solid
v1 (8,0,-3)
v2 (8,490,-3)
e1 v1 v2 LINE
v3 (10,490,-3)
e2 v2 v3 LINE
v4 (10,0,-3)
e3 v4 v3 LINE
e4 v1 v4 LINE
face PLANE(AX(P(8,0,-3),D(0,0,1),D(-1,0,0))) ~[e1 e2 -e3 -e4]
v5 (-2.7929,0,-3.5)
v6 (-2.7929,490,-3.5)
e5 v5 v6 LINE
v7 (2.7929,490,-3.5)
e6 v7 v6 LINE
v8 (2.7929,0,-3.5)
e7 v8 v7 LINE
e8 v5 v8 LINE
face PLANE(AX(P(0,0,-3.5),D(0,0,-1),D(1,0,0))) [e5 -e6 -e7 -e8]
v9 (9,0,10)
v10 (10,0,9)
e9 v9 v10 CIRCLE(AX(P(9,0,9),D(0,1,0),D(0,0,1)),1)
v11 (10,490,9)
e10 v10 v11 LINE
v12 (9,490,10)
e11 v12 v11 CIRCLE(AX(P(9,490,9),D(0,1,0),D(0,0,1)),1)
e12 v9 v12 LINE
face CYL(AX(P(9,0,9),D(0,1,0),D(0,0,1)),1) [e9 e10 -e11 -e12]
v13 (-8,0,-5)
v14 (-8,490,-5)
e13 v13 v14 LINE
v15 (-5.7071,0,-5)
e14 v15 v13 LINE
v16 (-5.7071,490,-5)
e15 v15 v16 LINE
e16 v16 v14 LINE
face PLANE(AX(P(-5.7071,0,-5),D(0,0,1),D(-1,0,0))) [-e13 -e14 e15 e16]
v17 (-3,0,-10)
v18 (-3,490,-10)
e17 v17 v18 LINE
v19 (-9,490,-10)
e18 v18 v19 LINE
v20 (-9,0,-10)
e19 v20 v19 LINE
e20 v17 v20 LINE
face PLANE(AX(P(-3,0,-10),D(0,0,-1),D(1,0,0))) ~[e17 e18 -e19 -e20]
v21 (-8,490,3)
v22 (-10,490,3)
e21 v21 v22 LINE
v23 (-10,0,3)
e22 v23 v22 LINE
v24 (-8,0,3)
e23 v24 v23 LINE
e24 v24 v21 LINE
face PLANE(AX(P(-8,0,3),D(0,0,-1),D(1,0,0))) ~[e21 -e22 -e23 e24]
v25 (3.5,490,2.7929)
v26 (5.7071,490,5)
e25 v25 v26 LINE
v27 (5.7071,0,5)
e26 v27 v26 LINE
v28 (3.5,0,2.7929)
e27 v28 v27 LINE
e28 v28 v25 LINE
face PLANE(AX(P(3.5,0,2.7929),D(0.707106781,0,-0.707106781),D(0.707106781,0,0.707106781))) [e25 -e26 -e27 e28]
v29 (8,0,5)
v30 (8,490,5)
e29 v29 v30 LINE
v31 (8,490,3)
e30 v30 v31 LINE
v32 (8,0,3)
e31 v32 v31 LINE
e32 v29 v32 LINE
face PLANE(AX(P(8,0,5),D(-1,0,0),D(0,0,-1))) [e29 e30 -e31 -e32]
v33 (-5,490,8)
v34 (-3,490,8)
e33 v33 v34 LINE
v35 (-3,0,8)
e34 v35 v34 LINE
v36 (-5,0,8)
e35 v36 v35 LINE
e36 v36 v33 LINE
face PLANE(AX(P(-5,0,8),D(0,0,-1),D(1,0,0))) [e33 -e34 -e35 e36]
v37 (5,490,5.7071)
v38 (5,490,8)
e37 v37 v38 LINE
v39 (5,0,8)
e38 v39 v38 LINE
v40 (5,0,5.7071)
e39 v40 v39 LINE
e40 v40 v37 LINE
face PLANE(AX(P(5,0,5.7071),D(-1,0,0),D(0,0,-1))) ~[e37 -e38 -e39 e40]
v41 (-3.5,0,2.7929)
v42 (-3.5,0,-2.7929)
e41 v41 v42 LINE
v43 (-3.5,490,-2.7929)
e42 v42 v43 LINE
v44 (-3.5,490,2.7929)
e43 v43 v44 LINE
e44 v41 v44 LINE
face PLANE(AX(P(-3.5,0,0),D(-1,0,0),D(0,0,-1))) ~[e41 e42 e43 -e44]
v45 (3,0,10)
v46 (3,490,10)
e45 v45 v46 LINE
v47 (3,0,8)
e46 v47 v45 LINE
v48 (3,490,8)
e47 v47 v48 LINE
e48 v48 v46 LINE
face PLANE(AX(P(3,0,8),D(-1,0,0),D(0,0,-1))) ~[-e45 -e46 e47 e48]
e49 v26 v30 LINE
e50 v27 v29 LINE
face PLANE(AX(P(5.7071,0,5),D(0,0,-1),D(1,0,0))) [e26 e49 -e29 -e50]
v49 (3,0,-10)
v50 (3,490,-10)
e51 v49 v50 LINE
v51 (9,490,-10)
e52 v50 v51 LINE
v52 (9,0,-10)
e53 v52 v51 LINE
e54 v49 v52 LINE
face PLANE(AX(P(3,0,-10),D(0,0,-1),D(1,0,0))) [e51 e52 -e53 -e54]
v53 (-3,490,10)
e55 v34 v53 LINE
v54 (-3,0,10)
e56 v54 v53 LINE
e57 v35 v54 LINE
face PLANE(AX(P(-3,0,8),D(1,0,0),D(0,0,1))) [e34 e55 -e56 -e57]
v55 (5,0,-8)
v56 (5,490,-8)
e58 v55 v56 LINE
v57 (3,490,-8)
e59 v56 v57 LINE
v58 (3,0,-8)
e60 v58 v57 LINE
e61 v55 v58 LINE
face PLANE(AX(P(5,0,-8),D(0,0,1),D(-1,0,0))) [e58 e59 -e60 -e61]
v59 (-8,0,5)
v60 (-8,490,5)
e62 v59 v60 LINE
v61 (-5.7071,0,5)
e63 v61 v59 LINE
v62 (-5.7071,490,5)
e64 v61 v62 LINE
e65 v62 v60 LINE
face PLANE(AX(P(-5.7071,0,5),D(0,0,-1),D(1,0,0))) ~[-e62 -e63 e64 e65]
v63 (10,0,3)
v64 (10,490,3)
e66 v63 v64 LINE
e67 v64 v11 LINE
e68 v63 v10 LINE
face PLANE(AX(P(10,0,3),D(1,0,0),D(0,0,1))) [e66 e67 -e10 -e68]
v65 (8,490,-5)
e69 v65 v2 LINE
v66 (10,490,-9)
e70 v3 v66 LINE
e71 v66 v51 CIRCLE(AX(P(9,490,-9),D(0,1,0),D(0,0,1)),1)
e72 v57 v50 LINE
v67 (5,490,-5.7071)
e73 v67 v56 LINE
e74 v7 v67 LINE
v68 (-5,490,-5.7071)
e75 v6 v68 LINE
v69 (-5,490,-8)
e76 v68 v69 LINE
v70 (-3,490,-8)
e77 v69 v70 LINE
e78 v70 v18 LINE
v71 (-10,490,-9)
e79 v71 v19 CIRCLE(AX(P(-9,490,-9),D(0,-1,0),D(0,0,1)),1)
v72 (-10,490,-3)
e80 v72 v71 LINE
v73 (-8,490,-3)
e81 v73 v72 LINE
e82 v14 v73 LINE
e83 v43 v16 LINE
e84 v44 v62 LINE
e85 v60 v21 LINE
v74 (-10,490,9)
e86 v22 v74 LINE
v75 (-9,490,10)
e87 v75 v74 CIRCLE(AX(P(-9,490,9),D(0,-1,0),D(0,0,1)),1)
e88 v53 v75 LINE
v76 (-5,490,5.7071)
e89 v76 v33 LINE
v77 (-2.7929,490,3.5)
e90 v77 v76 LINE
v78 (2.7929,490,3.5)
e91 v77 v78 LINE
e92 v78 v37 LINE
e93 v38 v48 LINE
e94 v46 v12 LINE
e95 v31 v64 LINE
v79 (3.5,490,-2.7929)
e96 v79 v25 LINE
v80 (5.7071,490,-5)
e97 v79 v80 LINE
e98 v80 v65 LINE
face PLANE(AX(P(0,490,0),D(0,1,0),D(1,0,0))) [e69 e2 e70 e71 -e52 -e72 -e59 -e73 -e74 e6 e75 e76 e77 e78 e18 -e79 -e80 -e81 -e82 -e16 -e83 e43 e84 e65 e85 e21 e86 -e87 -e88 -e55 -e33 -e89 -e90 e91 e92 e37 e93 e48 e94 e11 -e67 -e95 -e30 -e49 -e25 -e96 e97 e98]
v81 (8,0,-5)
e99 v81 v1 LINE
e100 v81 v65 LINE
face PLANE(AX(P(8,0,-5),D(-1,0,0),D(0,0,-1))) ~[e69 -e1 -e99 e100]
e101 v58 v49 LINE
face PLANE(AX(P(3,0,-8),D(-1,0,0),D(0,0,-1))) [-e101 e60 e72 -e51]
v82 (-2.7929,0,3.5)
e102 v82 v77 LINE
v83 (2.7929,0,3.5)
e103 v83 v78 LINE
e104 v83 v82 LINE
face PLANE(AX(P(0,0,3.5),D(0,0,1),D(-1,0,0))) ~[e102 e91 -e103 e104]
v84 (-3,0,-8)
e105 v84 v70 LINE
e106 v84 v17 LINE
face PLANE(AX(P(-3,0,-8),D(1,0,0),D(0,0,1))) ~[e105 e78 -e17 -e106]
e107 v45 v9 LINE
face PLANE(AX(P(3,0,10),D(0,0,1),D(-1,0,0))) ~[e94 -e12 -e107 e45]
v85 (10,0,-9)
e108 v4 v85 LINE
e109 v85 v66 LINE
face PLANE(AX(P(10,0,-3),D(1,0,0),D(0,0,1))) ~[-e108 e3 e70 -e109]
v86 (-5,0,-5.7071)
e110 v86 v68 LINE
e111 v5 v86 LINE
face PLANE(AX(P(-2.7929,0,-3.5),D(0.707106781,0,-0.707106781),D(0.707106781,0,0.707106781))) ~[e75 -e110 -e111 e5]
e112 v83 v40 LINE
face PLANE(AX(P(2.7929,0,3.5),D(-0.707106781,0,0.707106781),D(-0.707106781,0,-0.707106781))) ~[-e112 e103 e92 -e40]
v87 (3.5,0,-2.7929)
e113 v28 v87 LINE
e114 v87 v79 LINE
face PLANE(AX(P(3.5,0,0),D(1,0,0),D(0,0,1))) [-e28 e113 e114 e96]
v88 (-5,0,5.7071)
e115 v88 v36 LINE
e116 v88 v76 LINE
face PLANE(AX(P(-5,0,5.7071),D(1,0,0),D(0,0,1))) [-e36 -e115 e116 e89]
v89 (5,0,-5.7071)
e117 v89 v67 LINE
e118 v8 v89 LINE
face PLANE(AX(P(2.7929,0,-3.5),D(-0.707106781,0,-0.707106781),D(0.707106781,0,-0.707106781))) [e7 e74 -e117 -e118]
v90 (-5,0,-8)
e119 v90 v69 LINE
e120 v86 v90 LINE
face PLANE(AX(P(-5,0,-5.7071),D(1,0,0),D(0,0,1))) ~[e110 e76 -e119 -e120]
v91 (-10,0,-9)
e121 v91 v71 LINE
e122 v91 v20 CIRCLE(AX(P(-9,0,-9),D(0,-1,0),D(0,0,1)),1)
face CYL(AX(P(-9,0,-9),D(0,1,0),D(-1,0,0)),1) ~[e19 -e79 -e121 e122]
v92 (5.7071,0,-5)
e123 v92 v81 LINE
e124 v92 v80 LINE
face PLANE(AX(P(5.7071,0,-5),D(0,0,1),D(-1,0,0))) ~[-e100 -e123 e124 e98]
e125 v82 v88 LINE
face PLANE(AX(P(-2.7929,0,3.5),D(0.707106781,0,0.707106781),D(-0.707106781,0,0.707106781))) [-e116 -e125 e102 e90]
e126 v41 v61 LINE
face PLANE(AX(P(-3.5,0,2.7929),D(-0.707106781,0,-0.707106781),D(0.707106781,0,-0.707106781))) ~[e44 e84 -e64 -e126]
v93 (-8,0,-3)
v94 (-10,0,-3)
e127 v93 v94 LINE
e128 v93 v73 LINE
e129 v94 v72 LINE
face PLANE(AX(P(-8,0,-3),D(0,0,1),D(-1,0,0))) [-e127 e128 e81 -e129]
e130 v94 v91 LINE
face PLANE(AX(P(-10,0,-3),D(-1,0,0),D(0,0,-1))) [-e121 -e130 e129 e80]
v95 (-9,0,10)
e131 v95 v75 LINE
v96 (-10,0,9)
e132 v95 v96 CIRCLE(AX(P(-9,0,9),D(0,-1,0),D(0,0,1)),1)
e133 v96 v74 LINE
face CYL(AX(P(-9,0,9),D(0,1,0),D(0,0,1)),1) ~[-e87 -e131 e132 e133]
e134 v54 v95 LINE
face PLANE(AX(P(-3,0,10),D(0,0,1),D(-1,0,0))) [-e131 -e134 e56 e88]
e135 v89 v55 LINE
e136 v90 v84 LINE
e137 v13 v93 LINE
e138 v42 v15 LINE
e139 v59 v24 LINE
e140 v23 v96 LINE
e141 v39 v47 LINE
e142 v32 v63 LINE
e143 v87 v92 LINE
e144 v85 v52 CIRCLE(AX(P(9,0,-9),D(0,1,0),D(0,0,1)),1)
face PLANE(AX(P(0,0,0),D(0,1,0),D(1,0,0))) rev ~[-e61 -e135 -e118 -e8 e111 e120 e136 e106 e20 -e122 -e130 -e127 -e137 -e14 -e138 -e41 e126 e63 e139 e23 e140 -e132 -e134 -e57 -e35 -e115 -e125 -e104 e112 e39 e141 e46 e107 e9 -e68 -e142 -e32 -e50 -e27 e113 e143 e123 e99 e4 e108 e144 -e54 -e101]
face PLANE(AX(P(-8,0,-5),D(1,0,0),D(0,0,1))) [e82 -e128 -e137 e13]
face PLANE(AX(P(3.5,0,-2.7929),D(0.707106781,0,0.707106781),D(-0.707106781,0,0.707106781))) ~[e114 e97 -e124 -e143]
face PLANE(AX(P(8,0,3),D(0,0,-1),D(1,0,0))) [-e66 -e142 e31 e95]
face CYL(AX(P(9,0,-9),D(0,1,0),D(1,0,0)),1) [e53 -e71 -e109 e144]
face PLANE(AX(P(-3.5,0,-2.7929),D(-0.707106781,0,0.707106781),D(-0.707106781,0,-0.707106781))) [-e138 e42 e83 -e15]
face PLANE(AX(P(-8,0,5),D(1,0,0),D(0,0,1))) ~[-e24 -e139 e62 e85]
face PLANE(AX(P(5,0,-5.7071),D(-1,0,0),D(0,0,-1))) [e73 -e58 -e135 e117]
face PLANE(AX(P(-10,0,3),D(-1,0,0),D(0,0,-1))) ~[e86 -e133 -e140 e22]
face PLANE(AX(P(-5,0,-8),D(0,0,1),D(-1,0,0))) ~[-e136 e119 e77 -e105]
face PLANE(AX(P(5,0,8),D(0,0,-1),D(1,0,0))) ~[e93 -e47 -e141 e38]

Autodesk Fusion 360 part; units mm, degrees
sketch "Sketch1" plane through (0, 0, 0) normal (0, 1, 0) x (1, 0, 0)
  line L0 (3.5, 0) -> (3.5, -2.7929)
  line L1 (3.5, -2.7929) -> (5.7071, -5)
  line L2 (5.7071, -5) -> (8, -5)
  line L3 (10, -3) -> (10, -10)
  line L4 (0, 0) -> (10, -10)
  line L5 (3.5, 0) -> (0, 0)
  line L6 (8, -5) -> (8, -3)
  line L7 (8, -3) -> (10, -3)
  dimension "d4" = 45
  dimension "d5" = 0.5
  dimension "d7" = 7
  dimension "d8" = 2
  dimension "d9" = 2
  dimension "d10" = 3.5
  dimension "d11" = 10
extrude "Extrude1" add sketch "Sketch1" along normal blind 490
mirror "Mirror1" about plane through (0, 0, 0) normal (-0.707107, 0, 0.707107) of bodies 1 merged
mirror "Mirror2" about plane through (0, 0, 3.5) normal (-1, 0, 0) of bodies 1 merged
mirror "Mirror3" about plane through (3.5, 0, 0) normal (0, 0, -1) of bodies 1 merged
fillet "Fillet1" radius 1 4 edges at (-10, 245, 10) (10, 245, 10) (-10, 245, -10) (10, 245, -10)
sketch "Sketch2" plane through (0, 0, 0) normal (0, -1, 0) x (1, 0, 0)
  arc A0 (9, -10) -> (10, -9) centre (9, -9) ccw
  line L0 (10, -9) -> (10, -3)
  line L1 (10, -3) -> (8, -3)
  line L2 (8, -3) -> (8, -5)
  line L3 (8, -5) -> (5.7071, -5)
  line L4 (5.7071, -5) -> (3.5, -2.7929)
  line L5 (3.5, -2.7929) -> (3.5, 2.7929)
  line L6 (3.5, 2.7929) -> (5.7071, 5)
  line L7 (5.7071, 5) -> (8, 5)
  line L8 (8, 5) -> (8, 3)
  line L9 (8, 3) -> (10, 3)
  line L10 (10, 3) -> (10, 9)
  arc A1 (10, 9) -> (9, 10) centre (9, 9) ccw
  line L11 (9, 10) -> (3, 10)
  line L12 (3, 10) -> (3, 8)
  line L13 (3, 8) -> (5, 8)
  line L14 (5, 8) -> (5, 5.7071)
  line L15 (5, 5.7071) -> (2.7929, 3.5)
  line L16 (2.7929, 3.5) -> (-2.7929, 3.5)
  line L17 (-2.7929, 3.5) -> (-5, 5.7071)
  line L18 (-5, 5.7071) -> (-5, 8)
  line L19 (-5, 8) -> (-3, 8)
  line L20 (-3, 8) -> (-3, 10)
  line L21 (-3, 10) -> (-9, 10)
  arc A2 (-9, 10) -> (-10, 9) centre (-9, 9) ccw
  line L22 (-10, 9) -> (-10, 3)
  line L23 (-10, 3) -> (-8, 3)
  line L24 (-8, 3) -> (-8, 5)
  line L25 (-8, 5) -> (-5.7071, 5)
  line L26 (-5.7071, 5) -> (-3.5, 2.7929)
  line L27 (-3.5, 2.7929) -> (-3.5, -2.7929)
  line L28 (-3.5, -2.7929) -> (-5.7071, -5)
  line L29 (-5.7071, -5) -> (-8, -5)
  line L30 (-8, -5) -> (-8, -3)
  line L31 (-8, -3) -> (-10, -3)
  line L32 (-10, -3) -> (-10, -9)
  arc A3 (-10, -9) -> (-9, -10) centre (-9, -9) ccw
  line L33 (-9, -10) -> (-3, -10)
  line L34 (-3, -10) -> (-3, -8)
  line L35 (-3, -8) -> (-5, -8)
  line L36 (-5, -8) -> (-5, -5.7071)
  line L37 (-5, -5.7071) -> (-2.7929, -3.5)
  line L38 (-2.7929, -3.5) -> (2.7929, -3.5)
  line L39 (2.7929, -3.5) -> (5, -5.7071)
  line L40 (5, -5.7071) -> (5, -8)
  line L41 (5, -8) -> (3, -8)
  line L42 (3, -8) -> (3, -10)
  line L43 (3, -10) -> (9, -10)
  line L44 (2.9, 7.9) -> (4.9, 7.9)
  line L45 (4.9, 7.9) -> (4.9, 5.7485)
  line L46 (4.9, 5.7485) -> (2.7515, 3.6)
  line L47 (2.7515, 3.6) -> (-2.7515, 3.6)
  line L48 (-2.7515, 3.6) -> (-4.9, 5.7485)
  line L49 (-4.9, 5.7485) -> (-4.9, 7.9)
  line L50 (-4.9, 7.9) -> (-2.9, 7.9)
  line L51 (-2.9, 7.9) -> (-2.9, 10.1)
  line L52 (-2.9, 10.1) -> (-9, 10.1)
  arc A4 (-9, 10.1) -> (-10.1, 9) centre (-9, 9) ccw
  line L53 (-10.1, 9) -> (-10.1, 2.9)
  line L54 (-10.1, 2.9) -> (-7.9, 2.9)
  line L55 (-7.9, 2.9) -> (-7.9, 4.9)
  line L56 (-7.9, 4.9) -> (-5.7485, 4.9)
  line L57 (-5.7485, 4.9) -> (-3.6, 2.7515)
  line L58 (-3.6, 2.7515) -> (-3.6, -2.7515)
  line L59 (-3.6, -2.7515) -> (-5.7485, -4.9)
  line L60 (-5.7485, -4.9) -> (-7.9, -4.9)
  line L61 (-7.9, -4.9) -> (-7.9, -2.9)
  line L62 (-7.9, -2.9) -> (-10.1, -2.9)
  line L63 (-10.1, -2.9) -> (-10.1, -9)
  arc A5 (-10.1, -9) -> (-9, -10.1) centre (-9, -9) ccw
  line L64 (-9, -10.1) -> (-2.9, -10.1)
  line L65 (-2.9, -10.1) -> (-2.9, -7.9)
  line L66 (-2.9, -7.9) -> (-4.9, -7.9)
  line L67 (-4.9, -7.9) -> (-4.9, -5.7485)
  line L68 (-4.9, -5.7485) -> (-2.7515, -3.6)
  line L69 (-2.7515, -3.6) -> (2.7515, -3.6)
  line L70 (2.7515, -3.6) -> (4.9, -5.7485)
  line L71 (4.9, -5.7485) -> (4.9, -7.9)
  line L72 (4.9, -7.9) -> (2.9, -7.9)
  line L73 (2.9, -7.9) -> (2.9, -10.1)
  line L74 (2.9, -10.1) -> (9, -10.1)
  arc A6 (9, -10.1) -> (10.1, -9) centre (9, -9) ccw
  line L75 (10.1, -9) -> (10.1, -2.9)
  line L76 (10.1, -2.9) -> (7.9, -2.9)
  line L77 (7.9, -2.9) -> (7.9, -4.9)
  line L78 (7.9, -4.9) -> (5.7485, -4.9)
  line L79 (5.7485, -4.9) -> (3.6, -2.7515)
  line L80 (3.6, -2.7515) -> (3.6, 2.7515)
  line L81 (3.6, 2.7515) -> (5.7485, 4.9)
  line L82 (5.7485, 4.9) -> (7.9, 4.9)
  line L83 (7.9, 4.9) -> (7.9, 2.9)
  line L84 (7.9, 2.9) -> (10.1, 2.9)
  line L85 (10.1, 2.9) -> (10.1, 9)
  arc A7 (10.1, 9) -> (9, 10.1) centre (9, 9) ccw
  line L86 (9, 10.1) -> (2.9, 10.1)
  line L87 (2.9, 10.1) -> (2.9, 7.9)
  dimension "d22" = 0.1
sketch "Sketch3" plane through (0, 0, 0) normal (0, 1, 0) x (1, 0, 0)
  line L0 (10.1, 9) -> (10.1, 2.9)
  arc A0 (10.1, 9) -> (9, 10.1) centre (9, 9) ccw
  line L1 (2.9, 10.1) -> (9, 10.1)
  line L2 (2.9, 7.9) -> (2.9, 10.1)
  line L3 (4.9, 7.9) -> (2.9, 7.9)
  line L4 (4.9, 5.7485) -> (4.9, 7.9)
  line L5 (2.7515, 3.6) -> (4.9, 5.7485)
  line L6 (5.7485, 4.9) -> (3.6, 2.7515)
  line L7 (7.9, 4.9) -> (5.7485, 4.9)
  line L8 (7.9, 2.9) -> (7.9, 4.9)
  line L9 (10.1, 2.9) -> (7.9, 2.9)
  line L10 (3.6, 2.7515) -> (3.6, -2.7515)
  line L11 (3.6, -2.7515) -> (5.7485, -4.9)
  line L12 (5.7485, -4.9) -> (7.9, -4.9)
  line L13 (7.9, -4.9) -> (7.9, -2.9)
  line L14 (7.9, -2.9) -> (10.1, -2.9)
  line L15 (10.1, -2.9) -> (10.1, -9)
  arc A1 (9, -10.1) -> (10.1, -9) centre (9, -9) ccw
  line L16 (9, -10.1) -> (2.9, -10.1)
  line L17 (2.9, -10.1) -> (2.9, -7.9)
  line L18 (2.9, -7.9) -> (4.9, -7.9)
  line L19 (4.9, -7.9) -> (4.9, -5.7485)
  line L20 (4.9, -5.7485) -> (2.7515, -3.6)
  line L21 (2.7515, -3.6) -> (-2.7515, -3.6)
  line L22 (-2.7515, -3.6) -> (-4.9, -5.7485)
  line L23 (-4.9, -5.7485) -> (-4.9, -7.9)
  line L24 (-4.9, -7.9) -> (-2.9, -7.9)
  line L25 (-2.9, -7.9) -> (-2.9, -10.1)
  line L26 (-2.9, -10.1) -> (-9, -10.1)
  arc A2 (-10.1, -9) -> (-9, -10.1) centre (-9, -9) ccw
  line L27 (-10.1, -9) -> (-10.1, -2.9)
  line L28 (-10.1, -2.9) -> (-7.9, -2.9)
  line L29 (-7.9, -2.9) -> (-7.9, -4.9)
  line L30 (-7.9, -4.9) -> (-5.7485, -4.9)
  line L31 (-5.7485, -4.9) -> (-3.6, -2.7515)
  line L32 (-3.6, -2.7515) -> (-3.6, 2.7515)
  line L33 (-3.6, 2.7515) -> (-5.7485, 4.9)
  line L34 (-7.9, 2.9) -> (-10.1, 2.9)
  line L35 (-7.9, 4.9) -> (-7.9, 2.9)
  line L36 (-5.7485, 4.9) -> (-7.9, 4.9)
  line L37 (-10.1, 2.9) -> (-10.1, 9)
  line L38 (-4.9, 5.7485) -> (-2.7515, 3.6)
  line L39 (-2.7515, 3.6) -> (2.7515, 3.6)
  line L40 (-4.9, 7.9) -> (-4.9, 5.7485)
  line L41 (-2.9, 7.9) -> (-4.9, 7.9)
  line L42 (-2.9, 10.1) -> (-2.9, 7.9)
  line L43 (-9, 10.1) -> (-2.9, 10.1)
  arc A3 (-9, 10.1) -> (-10.1, 9) centre (-9, 9) ccw
